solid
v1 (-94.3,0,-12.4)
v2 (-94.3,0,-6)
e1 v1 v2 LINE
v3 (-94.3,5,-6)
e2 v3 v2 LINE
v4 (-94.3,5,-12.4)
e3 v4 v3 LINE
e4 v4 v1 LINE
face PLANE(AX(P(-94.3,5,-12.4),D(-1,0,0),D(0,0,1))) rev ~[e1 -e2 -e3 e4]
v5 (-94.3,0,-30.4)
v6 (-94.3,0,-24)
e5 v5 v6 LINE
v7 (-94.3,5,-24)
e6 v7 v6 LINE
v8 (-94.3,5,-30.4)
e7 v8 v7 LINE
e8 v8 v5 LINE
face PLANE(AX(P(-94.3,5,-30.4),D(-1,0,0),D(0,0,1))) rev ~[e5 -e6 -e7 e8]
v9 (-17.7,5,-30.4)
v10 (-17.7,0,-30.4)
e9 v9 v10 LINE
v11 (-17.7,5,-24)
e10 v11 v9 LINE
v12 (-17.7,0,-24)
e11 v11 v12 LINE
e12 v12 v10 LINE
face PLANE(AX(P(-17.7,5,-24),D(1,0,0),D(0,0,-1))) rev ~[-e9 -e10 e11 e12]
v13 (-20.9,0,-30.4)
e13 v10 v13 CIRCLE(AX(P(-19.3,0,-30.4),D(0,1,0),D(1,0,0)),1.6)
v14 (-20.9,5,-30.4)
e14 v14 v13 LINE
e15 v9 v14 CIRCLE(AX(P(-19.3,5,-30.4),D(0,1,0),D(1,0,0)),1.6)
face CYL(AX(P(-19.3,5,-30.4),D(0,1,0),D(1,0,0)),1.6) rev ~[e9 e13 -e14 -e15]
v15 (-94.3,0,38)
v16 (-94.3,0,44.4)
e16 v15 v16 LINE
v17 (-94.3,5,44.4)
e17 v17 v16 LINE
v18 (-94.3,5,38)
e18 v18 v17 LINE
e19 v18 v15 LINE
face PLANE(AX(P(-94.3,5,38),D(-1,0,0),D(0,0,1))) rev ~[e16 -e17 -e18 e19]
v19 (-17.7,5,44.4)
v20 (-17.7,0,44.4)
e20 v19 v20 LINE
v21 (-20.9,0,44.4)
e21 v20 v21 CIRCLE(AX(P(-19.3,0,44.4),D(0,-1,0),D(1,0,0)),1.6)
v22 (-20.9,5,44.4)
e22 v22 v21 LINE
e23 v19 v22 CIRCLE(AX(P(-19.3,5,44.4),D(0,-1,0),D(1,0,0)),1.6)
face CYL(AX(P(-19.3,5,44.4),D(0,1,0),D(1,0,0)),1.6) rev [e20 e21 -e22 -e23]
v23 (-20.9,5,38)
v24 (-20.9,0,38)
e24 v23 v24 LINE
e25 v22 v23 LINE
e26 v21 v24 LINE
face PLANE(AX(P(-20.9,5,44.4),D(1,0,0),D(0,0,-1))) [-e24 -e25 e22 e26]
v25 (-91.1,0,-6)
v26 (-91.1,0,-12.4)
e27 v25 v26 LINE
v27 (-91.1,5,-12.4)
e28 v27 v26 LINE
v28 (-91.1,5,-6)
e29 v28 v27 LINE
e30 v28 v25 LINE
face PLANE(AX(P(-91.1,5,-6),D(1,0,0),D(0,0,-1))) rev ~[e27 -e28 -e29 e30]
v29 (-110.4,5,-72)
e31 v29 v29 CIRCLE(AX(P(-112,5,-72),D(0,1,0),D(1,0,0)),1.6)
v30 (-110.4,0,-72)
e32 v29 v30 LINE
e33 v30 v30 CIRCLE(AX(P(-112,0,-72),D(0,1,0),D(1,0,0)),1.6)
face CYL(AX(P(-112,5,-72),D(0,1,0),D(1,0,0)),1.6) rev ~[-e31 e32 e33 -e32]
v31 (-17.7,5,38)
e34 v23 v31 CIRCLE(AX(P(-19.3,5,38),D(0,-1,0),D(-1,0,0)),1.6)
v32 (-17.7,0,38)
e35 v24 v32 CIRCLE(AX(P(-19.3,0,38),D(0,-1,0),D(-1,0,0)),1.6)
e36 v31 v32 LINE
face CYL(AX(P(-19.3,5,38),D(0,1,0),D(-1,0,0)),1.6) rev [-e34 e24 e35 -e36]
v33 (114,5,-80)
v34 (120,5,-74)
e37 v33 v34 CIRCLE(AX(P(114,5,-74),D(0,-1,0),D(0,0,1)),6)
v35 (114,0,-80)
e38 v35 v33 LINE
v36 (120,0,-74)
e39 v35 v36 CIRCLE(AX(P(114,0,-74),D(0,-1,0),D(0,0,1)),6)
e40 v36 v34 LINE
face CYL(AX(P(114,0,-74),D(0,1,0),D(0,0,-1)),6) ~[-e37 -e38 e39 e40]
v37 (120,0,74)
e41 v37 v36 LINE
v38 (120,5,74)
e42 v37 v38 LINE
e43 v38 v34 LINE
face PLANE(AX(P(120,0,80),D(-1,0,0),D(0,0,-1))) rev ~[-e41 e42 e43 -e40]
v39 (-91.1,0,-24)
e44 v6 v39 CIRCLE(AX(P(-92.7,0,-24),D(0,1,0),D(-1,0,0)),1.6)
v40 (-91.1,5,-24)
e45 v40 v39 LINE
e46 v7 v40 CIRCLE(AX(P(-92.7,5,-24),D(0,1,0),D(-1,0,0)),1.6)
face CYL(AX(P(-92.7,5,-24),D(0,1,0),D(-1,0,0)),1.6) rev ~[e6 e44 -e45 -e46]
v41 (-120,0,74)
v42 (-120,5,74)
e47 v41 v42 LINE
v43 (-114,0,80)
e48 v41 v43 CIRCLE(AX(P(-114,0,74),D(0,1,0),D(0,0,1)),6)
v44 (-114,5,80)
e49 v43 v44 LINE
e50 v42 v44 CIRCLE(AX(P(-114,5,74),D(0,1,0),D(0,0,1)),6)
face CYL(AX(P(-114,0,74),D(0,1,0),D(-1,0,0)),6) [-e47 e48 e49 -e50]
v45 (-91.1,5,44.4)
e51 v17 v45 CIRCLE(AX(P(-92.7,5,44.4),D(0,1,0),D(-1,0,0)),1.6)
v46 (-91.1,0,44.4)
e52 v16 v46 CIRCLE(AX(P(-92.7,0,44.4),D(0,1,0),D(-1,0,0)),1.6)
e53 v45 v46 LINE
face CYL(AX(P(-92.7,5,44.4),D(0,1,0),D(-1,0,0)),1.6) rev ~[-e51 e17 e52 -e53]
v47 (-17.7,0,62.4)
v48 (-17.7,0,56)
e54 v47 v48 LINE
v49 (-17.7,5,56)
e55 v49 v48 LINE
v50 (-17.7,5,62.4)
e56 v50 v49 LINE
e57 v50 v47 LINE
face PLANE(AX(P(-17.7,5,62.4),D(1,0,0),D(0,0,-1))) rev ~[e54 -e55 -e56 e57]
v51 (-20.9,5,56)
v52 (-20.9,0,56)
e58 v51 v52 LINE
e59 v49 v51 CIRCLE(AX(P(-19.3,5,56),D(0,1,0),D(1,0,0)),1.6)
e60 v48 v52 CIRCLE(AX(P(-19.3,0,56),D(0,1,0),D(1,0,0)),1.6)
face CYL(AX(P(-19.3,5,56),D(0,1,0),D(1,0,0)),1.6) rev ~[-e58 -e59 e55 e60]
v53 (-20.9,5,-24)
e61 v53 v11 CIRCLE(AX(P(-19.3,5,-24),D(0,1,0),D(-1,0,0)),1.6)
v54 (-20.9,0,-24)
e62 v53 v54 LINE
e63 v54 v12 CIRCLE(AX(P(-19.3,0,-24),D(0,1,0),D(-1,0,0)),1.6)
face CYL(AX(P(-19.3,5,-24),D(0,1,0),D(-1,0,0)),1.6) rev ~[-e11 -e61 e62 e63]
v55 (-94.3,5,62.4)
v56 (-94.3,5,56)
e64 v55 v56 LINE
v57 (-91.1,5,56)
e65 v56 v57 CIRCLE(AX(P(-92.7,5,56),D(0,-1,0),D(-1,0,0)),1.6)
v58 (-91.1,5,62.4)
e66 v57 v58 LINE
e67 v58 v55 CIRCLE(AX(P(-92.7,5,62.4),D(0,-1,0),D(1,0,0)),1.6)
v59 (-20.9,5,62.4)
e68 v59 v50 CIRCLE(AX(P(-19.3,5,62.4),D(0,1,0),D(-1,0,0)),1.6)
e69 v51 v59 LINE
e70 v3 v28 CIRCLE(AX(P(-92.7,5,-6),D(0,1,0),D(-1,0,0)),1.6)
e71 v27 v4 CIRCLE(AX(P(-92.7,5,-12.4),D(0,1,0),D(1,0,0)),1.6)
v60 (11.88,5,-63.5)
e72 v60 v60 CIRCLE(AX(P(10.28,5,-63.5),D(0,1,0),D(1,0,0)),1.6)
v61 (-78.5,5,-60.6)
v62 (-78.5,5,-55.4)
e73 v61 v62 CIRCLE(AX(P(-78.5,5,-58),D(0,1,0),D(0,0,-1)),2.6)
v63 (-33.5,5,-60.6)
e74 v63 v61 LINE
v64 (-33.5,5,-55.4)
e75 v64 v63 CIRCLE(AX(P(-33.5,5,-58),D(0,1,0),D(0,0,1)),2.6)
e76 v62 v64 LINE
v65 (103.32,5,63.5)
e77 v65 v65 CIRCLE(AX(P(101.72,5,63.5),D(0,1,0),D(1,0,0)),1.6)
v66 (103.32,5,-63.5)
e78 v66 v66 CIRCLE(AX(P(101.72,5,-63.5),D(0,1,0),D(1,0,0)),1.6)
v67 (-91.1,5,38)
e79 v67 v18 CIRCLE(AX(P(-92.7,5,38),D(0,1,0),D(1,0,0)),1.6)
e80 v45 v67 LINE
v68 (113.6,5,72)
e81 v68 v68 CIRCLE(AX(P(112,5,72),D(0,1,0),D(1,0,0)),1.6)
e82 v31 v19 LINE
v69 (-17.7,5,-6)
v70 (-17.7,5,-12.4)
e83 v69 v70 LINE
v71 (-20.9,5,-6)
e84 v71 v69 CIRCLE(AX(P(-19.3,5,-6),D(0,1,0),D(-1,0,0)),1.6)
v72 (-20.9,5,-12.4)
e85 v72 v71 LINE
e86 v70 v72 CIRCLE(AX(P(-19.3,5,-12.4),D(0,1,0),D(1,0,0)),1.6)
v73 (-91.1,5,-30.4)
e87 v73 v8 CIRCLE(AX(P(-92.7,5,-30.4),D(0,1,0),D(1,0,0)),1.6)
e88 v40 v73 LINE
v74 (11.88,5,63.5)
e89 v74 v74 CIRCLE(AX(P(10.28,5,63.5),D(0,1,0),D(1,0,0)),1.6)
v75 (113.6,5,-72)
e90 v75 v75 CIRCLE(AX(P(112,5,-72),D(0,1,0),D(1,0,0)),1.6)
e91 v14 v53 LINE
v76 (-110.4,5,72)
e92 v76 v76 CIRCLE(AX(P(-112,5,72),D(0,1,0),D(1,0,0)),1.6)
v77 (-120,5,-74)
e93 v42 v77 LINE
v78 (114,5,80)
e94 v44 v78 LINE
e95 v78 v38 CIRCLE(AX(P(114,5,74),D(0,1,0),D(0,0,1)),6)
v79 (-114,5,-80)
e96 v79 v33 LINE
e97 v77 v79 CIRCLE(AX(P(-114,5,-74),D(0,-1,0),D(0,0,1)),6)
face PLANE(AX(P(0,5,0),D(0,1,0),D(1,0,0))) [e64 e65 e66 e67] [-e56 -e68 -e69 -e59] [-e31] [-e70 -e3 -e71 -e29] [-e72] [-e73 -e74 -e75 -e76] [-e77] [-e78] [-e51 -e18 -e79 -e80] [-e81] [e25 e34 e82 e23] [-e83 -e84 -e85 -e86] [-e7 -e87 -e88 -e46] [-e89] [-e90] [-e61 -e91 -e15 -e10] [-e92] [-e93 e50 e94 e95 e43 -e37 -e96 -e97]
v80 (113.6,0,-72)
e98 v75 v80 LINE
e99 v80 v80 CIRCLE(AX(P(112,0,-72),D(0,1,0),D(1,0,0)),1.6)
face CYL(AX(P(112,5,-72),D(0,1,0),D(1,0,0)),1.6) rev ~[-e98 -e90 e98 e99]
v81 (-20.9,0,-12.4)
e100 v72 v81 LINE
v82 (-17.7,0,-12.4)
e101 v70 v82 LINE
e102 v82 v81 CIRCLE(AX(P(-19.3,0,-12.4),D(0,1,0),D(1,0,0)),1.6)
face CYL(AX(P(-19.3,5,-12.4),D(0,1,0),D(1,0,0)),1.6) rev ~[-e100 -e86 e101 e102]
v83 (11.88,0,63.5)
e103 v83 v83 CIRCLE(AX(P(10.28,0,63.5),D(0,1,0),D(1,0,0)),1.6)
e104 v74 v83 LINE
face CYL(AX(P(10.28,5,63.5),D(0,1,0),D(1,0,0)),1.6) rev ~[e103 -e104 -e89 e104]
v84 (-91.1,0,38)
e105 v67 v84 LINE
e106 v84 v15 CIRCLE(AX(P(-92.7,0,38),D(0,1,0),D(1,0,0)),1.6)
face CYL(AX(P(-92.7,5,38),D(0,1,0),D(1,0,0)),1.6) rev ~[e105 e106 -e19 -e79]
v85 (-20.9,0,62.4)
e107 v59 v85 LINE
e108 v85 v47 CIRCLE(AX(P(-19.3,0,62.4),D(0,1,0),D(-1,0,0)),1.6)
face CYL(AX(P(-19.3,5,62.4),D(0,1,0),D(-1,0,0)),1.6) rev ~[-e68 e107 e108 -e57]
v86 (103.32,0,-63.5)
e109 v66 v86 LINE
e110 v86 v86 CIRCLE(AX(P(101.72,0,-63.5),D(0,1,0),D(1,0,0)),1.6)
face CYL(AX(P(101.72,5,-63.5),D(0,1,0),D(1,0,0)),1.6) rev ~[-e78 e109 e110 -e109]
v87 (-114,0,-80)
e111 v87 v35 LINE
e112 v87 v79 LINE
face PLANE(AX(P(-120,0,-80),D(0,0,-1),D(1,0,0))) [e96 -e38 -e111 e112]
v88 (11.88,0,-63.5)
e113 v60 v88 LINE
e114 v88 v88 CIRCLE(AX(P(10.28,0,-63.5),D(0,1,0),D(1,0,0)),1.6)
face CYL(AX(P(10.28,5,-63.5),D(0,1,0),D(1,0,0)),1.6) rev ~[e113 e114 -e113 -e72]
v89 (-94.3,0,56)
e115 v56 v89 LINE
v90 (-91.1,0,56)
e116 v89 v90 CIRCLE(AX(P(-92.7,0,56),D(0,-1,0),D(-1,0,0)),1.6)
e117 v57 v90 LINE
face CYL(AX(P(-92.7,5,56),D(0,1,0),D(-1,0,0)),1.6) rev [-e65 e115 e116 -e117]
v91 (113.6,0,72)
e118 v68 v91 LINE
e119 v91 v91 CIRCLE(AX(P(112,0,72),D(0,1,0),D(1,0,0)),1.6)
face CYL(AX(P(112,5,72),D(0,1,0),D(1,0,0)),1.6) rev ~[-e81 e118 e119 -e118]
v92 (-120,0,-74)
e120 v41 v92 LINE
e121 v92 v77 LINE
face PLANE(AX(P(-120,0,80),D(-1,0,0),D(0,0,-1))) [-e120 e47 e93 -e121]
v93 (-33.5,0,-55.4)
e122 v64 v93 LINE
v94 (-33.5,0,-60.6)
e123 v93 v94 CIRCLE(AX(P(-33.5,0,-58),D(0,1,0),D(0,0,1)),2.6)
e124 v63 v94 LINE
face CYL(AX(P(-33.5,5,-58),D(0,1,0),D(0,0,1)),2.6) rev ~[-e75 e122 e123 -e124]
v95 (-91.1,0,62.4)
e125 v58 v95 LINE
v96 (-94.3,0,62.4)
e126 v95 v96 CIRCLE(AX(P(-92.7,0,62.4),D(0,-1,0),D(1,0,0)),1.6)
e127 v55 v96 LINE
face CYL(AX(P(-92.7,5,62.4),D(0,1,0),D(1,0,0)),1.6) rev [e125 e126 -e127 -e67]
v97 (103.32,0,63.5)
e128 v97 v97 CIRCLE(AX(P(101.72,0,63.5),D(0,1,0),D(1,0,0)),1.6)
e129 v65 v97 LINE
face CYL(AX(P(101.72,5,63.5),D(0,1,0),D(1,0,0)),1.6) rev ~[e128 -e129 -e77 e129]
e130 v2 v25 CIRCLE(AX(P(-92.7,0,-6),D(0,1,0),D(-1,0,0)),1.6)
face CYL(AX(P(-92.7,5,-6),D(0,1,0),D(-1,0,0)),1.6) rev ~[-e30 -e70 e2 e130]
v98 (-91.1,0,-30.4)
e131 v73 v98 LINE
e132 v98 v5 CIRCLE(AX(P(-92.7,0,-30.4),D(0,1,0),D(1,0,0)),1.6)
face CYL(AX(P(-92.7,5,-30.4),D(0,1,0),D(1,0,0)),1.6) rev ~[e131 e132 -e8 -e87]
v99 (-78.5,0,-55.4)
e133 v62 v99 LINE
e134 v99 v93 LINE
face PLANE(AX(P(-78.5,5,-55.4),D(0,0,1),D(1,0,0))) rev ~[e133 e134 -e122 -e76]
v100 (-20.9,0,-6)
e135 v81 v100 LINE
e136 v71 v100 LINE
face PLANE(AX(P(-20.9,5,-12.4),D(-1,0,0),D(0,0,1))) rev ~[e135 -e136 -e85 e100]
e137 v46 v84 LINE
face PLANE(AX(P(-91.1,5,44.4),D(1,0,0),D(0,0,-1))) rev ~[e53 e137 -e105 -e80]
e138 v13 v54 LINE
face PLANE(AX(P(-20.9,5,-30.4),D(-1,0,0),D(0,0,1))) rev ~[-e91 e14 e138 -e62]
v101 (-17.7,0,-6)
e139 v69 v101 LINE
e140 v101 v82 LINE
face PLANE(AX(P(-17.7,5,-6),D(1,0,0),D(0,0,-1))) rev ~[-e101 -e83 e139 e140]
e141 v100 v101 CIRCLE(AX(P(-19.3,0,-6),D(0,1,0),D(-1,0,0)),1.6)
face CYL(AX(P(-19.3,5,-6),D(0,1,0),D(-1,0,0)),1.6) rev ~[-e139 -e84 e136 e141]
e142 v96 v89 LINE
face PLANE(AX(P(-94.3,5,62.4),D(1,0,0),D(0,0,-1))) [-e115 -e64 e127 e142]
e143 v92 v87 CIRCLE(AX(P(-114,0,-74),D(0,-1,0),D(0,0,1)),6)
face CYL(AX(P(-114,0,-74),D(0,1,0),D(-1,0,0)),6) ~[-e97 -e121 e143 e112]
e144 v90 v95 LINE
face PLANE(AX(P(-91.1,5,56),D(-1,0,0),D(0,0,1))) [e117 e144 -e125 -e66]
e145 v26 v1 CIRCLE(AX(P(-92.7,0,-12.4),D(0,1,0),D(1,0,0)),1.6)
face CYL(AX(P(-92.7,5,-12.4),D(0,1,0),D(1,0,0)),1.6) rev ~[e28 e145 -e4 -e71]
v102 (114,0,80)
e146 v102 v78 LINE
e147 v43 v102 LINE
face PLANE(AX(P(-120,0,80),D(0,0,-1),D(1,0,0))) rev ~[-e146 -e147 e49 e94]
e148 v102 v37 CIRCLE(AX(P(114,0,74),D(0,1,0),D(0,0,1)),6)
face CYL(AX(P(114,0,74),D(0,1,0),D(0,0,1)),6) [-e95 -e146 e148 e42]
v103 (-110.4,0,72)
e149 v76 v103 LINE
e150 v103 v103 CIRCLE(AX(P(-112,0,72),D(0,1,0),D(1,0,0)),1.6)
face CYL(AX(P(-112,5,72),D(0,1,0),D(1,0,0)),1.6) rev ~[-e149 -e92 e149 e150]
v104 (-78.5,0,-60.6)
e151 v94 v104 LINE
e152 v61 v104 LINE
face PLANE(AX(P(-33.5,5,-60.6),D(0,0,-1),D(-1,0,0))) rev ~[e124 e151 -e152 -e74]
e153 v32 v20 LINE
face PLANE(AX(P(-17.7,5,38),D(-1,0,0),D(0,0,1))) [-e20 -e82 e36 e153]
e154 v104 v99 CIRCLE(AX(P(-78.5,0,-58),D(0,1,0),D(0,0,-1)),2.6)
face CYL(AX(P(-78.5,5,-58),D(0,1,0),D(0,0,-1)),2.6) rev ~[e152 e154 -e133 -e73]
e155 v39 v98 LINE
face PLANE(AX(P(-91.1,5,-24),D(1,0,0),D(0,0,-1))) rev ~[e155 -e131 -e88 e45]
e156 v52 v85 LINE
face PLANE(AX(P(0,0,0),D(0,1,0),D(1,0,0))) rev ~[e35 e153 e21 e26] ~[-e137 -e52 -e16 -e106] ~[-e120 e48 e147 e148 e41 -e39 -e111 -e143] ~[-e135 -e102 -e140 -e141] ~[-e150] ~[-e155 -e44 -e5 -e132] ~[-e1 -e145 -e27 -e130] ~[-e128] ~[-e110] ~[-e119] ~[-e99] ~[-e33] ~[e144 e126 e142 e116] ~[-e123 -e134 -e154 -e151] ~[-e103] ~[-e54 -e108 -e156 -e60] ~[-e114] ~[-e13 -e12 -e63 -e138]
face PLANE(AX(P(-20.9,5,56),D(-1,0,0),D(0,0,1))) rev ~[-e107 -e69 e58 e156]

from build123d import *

# Parameters (mm, degrees)
SKETCH1_W           = 240
SKETCH1_H           = 160
BOSS_EXTRUDE1_DEPTH = 5
SKETCH2_R           = 1.6
CUT_EXTRUDE1_DEPTH  = 5
FILLET1_R           = 6


with BuildPart() as part:
    # Sketch1 → Boss-Extrude1 (new body)
    with BuildSketch(Plane(origin=(0, 0, 0), x_dir=(1, 0, 0), z_dir=(0, 1, 0))):
        Rectangle(SKETCH1_W, SKETCH1_H)
    extrude(amount=BOSS_EXTRUDE1_DEPTH)

    # Sketch2 → Cut-Extrude1 (cut)
    with BuildSketch(Plane(origin=(0, 5, 0), x_dir=(1, 0, 0), z_dir=(0, 1, 0))):
        with Locations((-112, 72)):
            Circle(SKETCH2_R)
        with Locations((-112, -72)):
            Circle(SKETCH2_R)
        with Locations((112, 72)):
            Circle(SKETCH2_R)
        with Locations((112, -72)):
            Circle(SKETCH2_R)
        with Locations((10.28, 63.5)):
            Circle(SKETCH2_R)
        with Locations((101.72, 63.5)):
            Circle(SKETCH2_R)
        with Locations((101.72, -63.5)):
            Circle(SKETCH2_R)
        with Locations((10.28, -63.5)):
            Circle(SKETCH2_R)
        with BuildLine():
            Line((-94.3, 30.4), (-94.3, 24))
            ThreePointArc((-94.3, 24), (-92.7, 22.4), (-91.1, 24))
            Line((-91.1, 24), (-91.1, 30.4))
            ThreePointArc((-91.1, 30.4), (-92.7, 32), (-94.3, 30.4))
        make_face()
        with BuildLine():
            Line((-94.3, 12.4), (-94.3, 6))
            ThreePointArc((-94.3, 6), (-92.7, 4.4), (-91.1, 6))
            Line((-91.1, 6), (-91.1, 12.4))
            ThreePointArc((-91.1, 12.4), (-92.7, 14), (-94.3, 12.4))
        make_face()
        with BuildLine():
            Line((-20.9, 12.4), (-20.9, 6))
            ThreePointArc((-20.9, 6), (-19.3, 4.4), (-17.7, 6))
            Line((-17.7, 6), (-17.7, 12.4))
            ThreePointArc((-17.7, 12.4), (-19.3, 14), (-20.9, 12.4))
        make_face()
        with BuildLine():
            Line((-20.9, 30.4), (-20.9, 24))
            ThreePointArc((-20.9, 24), (-19.3, 22.4), (-17.7, 24))
            Line((-17.7, 24), (-17.7, 30.4))
            ThreePointArc((-17.7, 30.4), (-19.3, 32), (-20.9, 30.4))
        make_face()
        with BuildLine():
            Line((-94.3, -62.4), (-94.3, -56))
            ThreePointArc((-94.3, -56), (-92.7, -54.4), (-91.1, -56))
            Line((-91.1, -56), (-91.1, -62.4))
            ThreePointArc((-91.1, -62.4), (-92.7, -64), (-94.3, -62.4))
        make_face()
        with BuildLine():
            Line((-91.1, -44.4), (-91.1, -38))
            ThreePointArc((-91.1, -38), (-92.7, -36.4), (-94.3, -38))
            Line((-94.3, -38), (-94.3, -44.4))
            ThreePointArc((-94.3, -44.4), (-92.7, -46), (-91.1, -44.4))
        make_face()
        with BuildLine():
            Line((-78.5, 55.4), (-33.5, 55.4))
            ThreePointArc((-33.5, 55.4), (-30.9, 58), (-33.5, 60.6))
            Line((-33.5, 60.6), (-78.5, 60.6))
            ThreePointArc((-78.5, 60.6), (-81.1, 58), (-78.5, 55.4))
        make_face()
        with BuildLine():
            Line((-17.7, -62.4), (-17.7, -56))
            ThreePointArc((-17.7, -56), (-19.3, -54.4), (-20.9, -56))
            Line((-20.9, -56), (-20.9, -62.4))
            ThreePointArc((-20.9, -62.4), (-19.3, -64), (-17.7, -62.4))
        make_face()
        with BuildLine():
            Line((-20.9, -44.4), (-20.9, -38))
            ThreePointArc((-20.9, -38), (-19.3, -36.4), (-17.7, -38))
            Line((-17.7, -38), (-17.7, -44.4))
            ThreePointArc((-17.7, -44.4), (-19.3, -46), (-20.9, -44.4))
        make_face()
    extrude(amount=-CUT_EXTRUDE1_DEPTH, mode=Mode.SUBTRACT)

    # Fillet1
    fillet1_edges = [part.edges().sort_by_distance(p)[0] for p in [
        (120, 2.5, 80),
        (-120, 2.5, 80),
        (-120, 2.5, -80),
        (120, 2.5, -80),
    ]]
    fillet(fillet1_edges, radius=FILLET1_R)


solid = part.part
